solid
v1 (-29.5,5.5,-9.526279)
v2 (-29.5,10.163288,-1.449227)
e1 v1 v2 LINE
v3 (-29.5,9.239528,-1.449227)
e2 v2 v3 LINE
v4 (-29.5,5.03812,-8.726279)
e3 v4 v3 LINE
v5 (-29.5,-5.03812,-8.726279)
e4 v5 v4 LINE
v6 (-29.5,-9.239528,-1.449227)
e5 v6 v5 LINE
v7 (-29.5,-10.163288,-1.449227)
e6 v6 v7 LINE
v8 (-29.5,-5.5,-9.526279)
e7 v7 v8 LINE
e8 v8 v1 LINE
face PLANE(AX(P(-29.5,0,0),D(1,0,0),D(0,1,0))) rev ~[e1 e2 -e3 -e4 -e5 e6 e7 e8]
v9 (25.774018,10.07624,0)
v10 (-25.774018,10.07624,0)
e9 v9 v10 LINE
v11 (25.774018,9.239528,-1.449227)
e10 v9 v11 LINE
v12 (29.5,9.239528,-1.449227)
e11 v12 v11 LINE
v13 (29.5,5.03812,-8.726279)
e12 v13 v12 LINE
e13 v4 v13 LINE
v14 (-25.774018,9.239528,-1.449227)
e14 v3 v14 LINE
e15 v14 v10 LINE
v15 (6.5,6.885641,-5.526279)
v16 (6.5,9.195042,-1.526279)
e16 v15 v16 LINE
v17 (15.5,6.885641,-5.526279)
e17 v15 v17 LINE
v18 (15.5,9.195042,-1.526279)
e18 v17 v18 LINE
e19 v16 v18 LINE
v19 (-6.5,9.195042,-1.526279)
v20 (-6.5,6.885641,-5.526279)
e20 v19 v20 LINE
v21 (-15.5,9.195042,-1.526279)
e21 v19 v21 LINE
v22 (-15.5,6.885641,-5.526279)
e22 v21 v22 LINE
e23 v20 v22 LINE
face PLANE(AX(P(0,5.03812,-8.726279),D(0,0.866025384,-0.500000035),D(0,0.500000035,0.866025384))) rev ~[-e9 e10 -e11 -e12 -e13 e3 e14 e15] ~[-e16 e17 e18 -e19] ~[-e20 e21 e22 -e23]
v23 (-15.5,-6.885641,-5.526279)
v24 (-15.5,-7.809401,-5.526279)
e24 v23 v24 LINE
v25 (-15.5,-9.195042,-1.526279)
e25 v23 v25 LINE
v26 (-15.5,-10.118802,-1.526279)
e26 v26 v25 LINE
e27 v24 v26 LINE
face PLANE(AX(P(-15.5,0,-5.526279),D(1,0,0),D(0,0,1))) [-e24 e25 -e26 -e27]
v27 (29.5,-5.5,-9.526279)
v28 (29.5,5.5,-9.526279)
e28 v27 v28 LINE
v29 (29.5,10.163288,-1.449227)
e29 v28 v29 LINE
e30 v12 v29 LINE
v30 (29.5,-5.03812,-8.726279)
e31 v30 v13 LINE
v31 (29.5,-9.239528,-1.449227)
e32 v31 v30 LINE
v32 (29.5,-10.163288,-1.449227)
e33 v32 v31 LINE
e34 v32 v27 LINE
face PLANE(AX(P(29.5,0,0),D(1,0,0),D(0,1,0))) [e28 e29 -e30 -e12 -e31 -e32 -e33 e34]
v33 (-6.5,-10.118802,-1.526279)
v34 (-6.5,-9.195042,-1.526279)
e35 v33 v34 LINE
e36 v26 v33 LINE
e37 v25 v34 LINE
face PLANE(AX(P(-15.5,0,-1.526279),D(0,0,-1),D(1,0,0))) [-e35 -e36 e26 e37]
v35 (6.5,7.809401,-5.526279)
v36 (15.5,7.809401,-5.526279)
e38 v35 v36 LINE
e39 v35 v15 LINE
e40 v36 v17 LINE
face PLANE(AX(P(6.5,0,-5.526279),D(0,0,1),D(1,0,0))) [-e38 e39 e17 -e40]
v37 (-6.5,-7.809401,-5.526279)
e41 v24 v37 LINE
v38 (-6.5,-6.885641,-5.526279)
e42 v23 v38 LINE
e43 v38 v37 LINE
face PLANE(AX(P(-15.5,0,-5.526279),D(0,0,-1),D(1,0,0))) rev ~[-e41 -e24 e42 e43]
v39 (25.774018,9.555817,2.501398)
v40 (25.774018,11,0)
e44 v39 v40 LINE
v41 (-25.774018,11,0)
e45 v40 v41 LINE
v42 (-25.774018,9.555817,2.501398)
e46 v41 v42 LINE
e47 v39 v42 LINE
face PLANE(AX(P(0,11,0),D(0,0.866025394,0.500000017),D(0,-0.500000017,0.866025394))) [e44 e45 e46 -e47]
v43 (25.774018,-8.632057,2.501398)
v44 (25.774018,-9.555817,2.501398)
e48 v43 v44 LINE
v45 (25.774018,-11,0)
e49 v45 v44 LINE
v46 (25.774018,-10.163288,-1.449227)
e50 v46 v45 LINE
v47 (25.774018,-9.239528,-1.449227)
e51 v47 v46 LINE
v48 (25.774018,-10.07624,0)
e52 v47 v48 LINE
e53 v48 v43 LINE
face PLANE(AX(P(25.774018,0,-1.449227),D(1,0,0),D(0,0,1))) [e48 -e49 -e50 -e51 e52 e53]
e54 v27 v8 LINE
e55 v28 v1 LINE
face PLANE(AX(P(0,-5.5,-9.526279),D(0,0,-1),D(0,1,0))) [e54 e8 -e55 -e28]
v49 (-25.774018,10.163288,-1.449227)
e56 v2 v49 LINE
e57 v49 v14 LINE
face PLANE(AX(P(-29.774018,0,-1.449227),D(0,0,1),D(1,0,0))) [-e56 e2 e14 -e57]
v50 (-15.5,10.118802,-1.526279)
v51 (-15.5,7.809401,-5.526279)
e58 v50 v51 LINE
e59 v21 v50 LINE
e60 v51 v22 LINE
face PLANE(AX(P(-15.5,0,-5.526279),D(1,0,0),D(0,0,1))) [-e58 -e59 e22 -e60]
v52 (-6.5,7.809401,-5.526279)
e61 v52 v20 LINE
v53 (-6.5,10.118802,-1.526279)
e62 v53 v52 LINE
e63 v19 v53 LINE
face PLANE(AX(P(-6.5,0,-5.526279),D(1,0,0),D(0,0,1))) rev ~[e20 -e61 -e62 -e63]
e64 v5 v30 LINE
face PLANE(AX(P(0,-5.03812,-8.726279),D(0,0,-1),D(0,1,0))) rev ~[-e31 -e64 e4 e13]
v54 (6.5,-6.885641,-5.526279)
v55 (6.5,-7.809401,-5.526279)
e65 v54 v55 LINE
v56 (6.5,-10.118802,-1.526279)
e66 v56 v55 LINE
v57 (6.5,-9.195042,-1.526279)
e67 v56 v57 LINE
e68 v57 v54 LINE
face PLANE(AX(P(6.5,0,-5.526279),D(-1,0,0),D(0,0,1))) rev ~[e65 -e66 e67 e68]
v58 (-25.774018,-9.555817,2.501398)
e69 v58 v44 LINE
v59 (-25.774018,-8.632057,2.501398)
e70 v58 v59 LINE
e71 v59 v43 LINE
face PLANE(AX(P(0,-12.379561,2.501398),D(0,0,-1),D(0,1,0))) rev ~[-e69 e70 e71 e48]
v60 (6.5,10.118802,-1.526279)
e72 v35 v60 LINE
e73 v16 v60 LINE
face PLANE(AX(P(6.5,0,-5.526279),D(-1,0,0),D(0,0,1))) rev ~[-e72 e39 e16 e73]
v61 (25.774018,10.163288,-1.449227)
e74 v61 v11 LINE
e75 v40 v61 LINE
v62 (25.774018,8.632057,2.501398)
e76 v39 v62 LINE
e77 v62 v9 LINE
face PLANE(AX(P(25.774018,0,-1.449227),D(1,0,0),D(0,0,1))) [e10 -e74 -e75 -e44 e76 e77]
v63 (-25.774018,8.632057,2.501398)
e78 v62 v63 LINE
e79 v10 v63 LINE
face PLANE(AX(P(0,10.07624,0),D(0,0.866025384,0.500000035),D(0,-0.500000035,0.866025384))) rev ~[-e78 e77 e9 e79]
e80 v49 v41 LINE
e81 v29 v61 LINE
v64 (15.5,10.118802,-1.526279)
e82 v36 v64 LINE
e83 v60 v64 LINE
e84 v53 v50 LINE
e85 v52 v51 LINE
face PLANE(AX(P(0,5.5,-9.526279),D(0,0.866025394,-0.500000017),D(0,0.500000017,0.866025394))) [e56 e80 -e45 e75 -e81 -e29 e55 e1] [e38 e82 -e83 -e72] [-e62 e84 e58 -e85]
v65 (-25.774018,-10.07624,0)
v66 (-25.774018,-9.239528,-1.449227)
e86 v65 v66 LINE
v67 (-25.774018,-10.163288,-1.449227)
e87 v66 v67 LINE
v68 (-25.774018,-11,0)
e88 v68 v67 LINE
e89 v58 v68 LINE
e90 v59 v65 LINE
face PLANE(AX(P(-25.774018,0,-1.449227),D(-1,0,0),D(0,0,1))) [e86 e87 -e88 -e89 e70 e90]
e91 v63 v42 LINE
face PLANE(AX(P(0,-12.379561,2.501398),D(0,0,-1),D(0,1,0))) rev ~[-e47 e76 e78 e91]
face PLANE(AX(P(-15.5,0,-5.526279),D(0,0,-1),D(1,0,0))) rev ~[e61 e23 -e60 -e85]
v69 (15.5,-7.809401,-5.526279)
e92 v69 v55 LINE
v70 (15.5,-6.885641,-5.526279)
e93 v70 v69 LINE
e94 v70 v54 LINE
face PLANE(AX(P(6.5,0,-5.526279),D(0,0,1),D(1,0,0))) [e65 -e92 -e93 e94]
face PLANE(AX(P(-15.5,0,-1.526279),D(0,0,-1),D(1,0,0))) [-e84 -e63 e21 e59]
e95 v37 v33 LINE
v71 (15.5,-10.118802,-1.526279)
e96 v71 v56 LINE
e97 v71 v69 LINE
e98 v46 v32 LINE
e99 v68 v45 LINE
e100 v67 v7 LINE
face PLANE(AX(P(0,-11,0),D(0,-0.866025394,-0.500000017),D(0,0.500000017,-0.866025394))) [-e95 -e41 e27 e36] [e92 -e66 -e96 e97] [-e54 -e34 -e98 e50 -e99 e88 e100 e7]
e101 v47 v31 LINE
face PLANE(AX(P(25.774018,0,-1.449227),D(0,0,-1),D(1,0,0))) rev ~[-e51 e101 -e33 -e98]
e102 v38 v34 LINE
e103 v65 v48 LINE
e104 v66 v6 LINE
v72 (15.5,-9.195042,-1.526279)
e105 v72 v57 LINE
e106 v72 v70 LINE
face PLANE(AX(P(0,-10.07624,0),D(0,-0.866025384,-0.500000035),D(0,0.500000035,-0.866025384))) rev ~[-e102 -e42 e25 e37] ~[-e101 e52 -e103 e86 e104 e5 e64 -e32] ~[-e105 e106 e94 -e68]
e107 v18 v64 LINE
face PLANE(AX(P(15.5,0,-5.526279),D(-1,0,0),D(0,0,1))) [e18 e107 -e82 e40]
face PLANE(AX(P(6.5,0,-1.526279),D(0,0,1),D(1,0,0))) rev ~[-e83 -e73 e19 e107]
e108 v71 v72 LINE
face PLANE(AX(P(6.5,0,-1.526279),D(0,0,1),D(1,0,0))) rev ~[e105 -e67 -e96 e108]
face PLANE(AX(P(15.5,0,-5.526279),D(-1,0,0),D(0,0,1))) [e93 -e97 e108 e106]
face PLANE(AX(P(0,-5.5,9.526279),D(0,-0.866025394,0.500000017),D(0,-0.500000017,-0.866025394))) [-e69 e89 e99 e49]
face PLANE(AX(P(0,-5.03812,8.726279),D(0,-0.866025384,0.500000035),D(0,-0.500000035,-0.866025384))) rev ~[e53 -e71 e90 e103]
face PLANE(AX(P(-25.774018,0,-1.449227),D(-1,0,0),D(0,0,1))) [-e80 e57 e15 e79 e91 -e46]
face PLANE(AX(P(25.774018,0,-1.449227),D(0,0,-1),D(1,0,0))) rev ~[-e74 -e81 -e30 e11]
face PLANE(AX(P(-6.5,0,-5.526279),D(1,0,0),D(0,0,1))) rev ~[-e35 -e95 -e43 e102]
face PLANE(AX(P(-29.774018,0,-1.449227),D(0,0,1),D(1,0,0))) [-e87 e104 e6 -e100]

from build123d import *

# Parameters (mm, degrees)
F2_DEPTH = 29.5
F3_DEPTH = 30
F5_DEPTH = 45.85
F6_W     = 9
F6_H     = 4
F7_DEPTH = 12.5
F8_W     = 4
F8_H     = 4
F9_DEPTH = 12.5


with BuildPart() as f2:
    # F0 (on Right) → F2 (new body, symmetric)
    with BuildSketch(Plane.YZ):
        Polygon((11, 0), (5.5, 9.526279), (-5.5, 9.526279), (-11, 0), (-5.5, -9.526279), (5.5, -9.526279), align=None)
    extrude(amount=F2_DEPTH, both=True)

    # F1 (on Right) → F3 (cut, symmetric)
    with BuildSketch(Plane.YZ):
        Polygon((-5.03812, 8.726279), (-10.07624, 0), (-5.03812, -8.726279), (5.03812, -8.726279), (10.07624, 0), (5.03812, 8.726279), align=None)
    extrude(amount=F3_DEPTH, both=True, mode=Mode.SUBTRACT)

    # F4 (on face) → F5 (cut, symmetric)
    with BuildSketch(Plane.YZ):
        Polygon((-12.379561, 14.501398), (-12.379561, 2.501398), (-9.555817, 2.501398), (-5.5, 9.526279), (5.5, 9.526279), (9.555817, 2.501398), (12.266592, 2.501398), (12.266592, 14.501398), align=None)
        Polygon((-5.5, 9.526279), (-9.555817, 2.501398), (9.555817, 2.501398), (5.5, 9.526279), align=None)
    extrude(amount=F5_DEPTH, both=True, mode=Mode.SUBTRACT)

    # F6 (on Front) → F7 (cut, symmetric)
    with BuildSketch(Plane.XZ):
        with Locations((11, -3.526279)):
            Rectangle(F6_W, F6_H)
        with Locations((-11, -3.526279)):
            Rectangle(F6_W, F6_H)
    extrude(amount=F7_DEPTH, both=True, mode=Mode.SUBTRACT)

    # F8 (on Front) → F9 (cut, symmetric)
    with BuildSketch(Plane.XZ):
        with Locations((-27.774018, 0.550773)):
            Rectangle(F8_W, F8_H)
        with Locations((27.774018, 0.550773)):
            Rectangle(F8_W, F8_H)
    extrude(amount=F9_DEPTH, both=True, mode=Mode.SUBTRACT)


solid = f2.part
